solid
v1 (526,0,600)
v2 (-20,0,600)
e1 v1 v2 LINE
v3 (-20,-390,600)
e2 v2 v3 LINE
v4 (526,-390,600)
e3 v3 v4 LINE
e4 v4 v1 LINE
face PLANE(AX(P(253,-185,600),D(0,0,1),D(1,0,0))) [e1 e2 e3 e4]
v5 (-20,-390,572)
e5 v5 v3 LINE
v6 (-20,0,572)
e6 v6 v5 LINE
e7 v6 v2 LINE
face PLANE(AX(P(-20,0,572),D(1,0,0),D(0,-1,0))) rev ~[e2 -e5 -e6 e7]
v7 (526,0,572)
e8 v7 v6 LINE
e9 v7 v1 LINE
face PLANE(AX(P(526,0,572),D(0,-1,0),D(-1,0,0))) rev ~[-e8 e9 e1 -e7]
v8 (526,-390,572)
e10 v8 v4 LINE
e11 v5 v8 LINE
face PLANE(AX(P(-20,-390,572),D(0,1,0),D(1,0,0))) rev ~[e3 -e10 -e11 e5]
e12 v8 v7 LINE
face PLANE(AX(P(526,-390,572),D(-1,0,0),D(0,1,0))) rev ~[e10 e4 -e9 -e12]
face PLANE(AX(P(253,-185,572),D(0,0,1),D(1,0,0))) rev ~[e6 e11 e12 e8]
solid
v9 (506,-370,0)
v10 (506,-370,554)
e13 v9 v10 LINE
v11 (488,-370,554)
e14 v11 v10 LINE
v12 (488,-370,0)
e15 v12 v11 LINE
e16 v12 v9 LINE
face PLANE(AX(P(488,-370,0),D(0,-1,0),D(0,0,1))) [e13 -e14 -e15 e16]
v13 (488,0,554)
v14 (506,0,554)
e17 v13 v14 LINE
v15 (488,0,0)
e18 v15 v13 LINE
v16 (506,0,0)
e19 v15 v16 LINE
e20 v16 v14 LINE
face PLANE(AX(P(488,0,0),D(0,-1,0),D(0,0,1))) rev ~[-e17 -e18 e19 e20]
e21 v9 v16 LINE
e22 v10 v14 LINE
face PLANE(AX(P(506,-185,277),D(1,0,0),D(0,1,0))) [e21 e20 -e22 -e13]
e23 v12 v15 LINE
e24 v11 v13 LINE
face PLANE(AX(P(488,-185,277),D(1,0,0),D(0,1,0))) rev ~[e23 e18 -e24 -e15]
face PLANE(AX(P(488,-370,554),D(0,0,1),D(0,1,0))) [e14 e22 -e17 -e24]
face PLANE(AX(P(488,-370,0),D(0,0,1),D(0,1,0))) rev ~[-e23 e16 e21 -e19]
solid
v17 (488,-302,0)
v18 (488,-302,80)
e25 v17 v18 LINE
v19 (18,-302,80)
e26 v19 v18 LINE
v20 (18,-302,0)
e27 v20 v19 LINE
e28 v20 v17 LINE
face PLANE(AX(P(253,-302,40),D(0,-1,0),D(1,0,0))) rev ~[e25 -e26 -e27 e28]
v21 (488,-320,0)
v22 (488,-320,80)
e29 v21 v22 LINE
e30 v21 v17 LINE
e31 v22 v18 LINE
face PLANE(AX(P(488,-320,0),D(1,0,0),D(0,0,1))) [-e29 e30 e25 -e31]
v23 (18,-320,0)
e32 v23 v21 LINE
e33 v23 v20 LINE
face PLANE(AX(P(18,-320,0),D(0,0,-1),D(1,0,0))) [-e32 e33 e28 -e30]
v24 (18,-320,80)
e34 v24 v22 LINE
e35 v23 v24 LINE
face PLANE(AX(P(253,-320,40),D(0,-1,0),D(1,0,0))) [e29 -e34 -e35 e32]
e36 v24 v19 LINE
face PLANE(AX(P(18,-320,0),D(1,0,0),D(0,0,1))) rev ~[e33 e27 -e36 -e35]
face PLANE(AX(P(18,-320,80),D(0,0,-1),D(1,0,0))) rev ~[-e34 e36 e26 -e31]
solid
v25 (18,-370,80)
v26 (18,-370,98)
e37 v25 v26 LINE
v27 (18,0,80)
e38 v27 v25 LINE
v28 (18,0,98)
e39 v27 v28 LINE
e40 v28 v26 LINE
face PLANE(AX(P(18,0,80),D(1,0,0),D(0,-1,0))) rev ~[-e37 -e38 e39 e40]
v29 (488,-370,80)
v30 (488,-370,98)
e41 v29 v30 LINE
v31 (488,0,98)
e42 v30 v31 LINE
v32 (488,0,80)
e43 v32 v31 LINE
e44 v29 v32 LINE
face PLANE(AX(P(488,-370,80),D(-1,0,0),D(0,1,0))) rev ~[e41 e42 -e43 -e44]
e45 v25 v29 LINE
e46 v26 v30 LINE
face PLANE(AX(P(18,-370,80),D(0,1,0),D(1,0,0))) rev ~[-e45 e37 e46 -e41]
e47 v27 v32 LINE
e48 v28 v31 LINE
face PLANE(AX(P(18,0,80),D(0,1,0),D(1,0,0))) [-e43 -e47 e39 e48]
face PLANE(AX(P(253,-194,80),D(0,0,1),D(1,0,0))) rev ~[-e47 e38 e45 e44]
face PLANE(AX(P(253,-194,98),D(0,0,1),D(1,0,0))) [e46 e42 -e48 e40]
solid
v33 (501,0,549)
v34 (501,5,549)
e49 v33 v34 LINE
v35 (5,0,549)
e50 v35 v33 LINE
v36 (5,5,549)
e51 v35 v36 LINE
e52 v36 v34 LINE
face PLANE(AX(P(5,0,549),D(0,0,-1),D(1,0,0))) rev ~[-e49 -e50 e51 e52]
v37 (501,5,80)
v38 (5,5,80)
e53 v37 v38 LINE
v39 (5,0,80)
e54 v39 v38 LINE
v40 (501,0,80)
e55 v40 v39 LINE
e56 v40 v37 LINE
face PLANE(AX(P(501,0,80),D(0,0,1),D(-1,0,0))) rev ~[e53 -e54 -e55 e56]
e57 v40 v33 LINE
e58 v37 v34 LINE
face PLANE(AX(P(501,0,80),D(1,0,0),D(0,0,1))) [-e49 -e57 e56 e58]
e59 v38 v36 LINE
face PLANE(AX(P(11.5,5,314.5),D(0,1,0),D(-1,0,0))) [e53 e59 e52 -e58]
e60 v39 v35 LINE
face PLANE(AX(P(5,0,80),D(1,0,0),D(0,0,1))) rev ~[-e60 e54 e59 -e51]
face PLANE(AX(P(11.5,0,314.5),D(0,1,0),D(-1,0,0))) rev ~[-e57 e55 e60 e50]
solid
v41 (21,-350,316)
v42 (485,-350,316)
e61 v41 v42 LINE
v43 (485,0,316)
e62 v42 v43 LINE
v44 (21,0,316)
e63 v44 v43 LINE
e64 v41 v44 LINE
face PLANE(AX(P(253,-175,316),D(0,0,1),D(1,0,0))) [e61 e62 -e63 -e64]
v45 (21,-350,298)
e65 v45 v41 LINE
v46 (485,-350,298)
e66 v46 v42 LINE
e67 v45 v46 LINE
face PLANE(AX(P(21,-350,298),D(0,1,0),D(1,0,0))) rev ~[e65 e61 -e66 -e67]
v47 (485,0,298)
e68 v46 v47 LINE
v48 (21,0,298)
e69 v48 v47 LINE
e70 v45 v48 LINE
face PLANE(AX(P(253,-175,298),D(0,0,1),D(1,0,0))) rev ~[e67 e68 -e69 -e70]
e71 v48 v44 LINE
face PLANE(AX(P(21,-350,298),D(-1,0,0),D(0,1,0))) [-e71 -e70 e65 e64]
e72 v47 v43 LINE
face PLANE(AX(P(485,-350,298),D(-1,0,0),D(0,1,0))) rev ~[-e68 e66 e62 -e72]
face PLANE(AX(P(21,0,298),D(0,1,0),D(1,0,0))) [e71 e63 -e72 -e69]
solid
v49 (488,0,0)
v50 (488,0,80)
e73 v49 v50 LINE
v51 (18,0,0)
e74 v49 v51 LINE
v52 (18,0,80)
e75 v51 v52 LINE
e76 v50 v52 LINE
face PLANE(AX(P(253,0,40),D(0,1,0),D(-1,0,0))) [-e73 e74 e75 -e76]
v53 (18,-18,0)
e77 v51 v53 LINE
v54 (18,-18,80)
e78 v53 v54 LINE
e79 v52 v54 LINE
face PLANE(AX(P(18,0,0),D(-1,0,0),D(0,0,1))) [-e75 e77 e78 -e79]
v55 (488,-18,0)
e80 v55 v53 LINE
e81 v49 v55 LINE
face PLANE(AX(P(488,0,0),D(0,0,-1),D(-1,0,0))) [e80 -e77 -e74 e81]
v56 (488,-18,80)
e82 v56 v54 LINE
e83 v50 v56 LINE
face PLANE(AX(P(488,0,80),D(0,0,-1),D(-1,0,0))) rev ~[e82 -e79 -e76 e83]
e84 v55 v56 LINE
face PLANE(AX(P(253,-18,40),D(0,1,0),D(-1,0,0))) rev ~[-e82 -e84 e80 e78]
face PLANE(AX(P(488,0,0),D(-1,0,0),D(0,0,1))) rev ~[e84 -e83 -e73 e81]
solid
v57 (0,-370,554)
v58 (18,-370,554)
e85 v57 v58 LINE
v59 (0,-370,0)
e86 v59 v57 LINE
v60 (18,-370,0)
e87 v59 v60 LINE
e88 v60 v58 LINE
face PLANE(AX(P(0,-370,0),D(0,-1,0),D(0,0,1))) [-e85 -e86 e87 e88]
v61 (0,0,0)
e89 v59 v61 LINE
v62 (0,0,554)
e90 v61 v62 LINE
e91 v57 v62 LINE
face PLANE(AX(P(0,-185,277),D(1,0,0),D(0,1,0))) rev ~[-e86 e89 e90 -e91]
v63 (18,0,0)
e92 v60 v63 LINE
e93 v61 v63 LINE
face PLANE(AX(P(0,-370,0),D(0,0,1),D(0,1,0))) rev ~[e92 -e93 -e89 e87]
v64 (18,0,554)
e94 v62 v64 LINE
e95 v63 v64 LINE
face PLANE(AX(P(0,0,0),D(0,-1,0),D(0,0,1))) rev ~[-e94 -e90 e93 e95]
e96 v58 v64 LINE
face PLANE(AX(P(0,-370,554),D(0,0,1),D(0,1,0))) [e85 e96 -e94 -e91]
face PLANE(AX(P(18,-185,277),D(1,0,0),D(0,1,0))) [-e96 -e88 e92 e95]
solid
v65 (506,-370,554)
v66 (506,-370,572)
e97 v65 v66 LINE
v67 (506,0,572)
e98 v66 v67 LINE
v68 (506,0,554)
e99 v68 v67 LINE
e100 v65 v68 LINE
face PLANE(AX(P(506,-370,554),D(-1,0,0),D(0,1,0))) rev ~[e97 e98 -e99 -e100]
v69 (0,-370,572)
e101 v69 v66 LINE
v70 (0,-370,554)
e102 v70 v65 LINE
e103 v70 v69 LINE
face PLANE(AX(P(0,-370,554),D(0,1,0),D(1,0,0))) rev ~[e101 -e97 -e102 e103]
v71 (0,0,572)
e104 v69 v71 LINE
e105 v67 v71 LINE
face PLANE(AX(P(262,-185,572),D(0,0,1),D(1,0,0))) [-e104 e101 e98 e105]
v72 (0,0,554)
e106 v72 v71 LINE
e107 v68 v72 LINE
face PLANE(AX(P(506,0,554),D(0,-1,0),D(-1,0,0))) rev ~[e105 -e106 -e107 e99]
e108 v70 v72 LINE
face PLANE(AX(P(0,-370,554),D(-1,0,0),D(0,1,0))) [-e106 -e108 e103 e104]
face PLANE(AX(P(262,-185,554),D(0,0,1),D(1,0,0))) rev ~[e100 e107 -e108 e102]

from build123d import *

# Parameters (mm, degrees)
F2_W      = 370
F2_H      = 554
F3_DEPTH  = 18
F5_W      = 370
F5_H      = 554
F6_DEPTH  = 18
F9_W      = 470
F9_H      = 80
F10_DEPTH = 18
F11_W     = 470
F11_H     = 80
F12_DEPTH = 18
F13_W     = 470
F13_H     = 352
F13_H_2   = 18
F14_DEPTH = 18
F15_W     = 488
F15_H     = 370
F15_W_2   = 18
F16_DEPTH = 18
F17_W     = 506
F17_H     = 370
F18_DEPTH = 28
F20_W     = 464
F20_H     = 350
F21_DEPTH = 18
F23_W     = 13
F23_H     = 469
F23_W_2   = 483
F24_DEPTH = 5


with BuildPart() as f3:
    # F2 (on Right) → F3 (new body)
    with BuildSketch(Plane.YZ):
        with Locations((-185, 277)):
            Rectangle(F2_W, F2_H)
    extrude(amount=F3_DEPTH)


with BuildPart() as f6:
    # F5 (on offset) → F6 (new body)
    with BuildSketch(Plane.YZ.offset(488)):
        with Locations((-185, 277)):
            Rectangle(F5_W, F5_H)
    extrude(amount=F6_DEPTH)


with BuildPart() as f10:
    # F9 (on offset) → F10 (new body)
    with BuildSketch(Plane.XZ.offset(320)):
        with Locations((253, 40)):
            Rectangle(F9_W, F9_H)
    extrude(amount=-F10_DEPTH)


with BuildPart() as f12:
    # F11 (on face) → F12 (new body)
    with BuildSketch(Plane(origin=(0, 0, 0), x_dir=(-1, 0, 0), z_dir=(0, 1, 0))):
        with Locations((-253, 40)):
            Rectangle(F11_W, F11_H)
    extrude(amount=-F12_DEPTH)


with BuildPart() as f14:
    # F13 (on face) → F14 (new body)
    with BuildSketch(Plane.XY.offset(80)):
        with Locations((253, -194)):
            Rectangle(F13_W, F13_H)
        with Locations((253, -9)):
            Rectangle(F13_W, F13_H_2)
    extrude(amount=F14_DEPTH)


with BuildPart() as f16:
    # F15 (on face) → F16 (new body)
    with BuildSketch(Plane.XY.offset(554)):
        with Locations((262, -185)):
            Rectangle(F15_W, F15_H)
        with Locations((9, -185)):
            Rectangle(F15_W_2, F15_H)
    extrude(amount=F16_DEPTH)


with BuildPart() as f18:
    # F17 (on face) → F18 (new body)
    with BuildSketch(Plane.XY.offset(572)):
        with Locations((253, -185)):
            Rectangle(F17_W, F17_H)
        Polygon((0, 0), (-20, 0), (-20, -390), (526, -390), (526, 0), (506, 0), (506, -370), (0, -370), align=None)
    extrude(amount=F18_DEPTH)


with BuildPart() as f21:
    # F20 (on offset) → F21 (new body)
    with BuildSketch(Plane.XY.offset(298)):
        with Locations((253, -175)):
            Rectangle(F20_W, F20_H)
    extrude(amount=F21_DEPTH)


with BuildPart() as f24:
    # F23 (on face) → F24 (new body)
    with BuildSketch(Plane(origin=(0, 0, 0), x_dir=(-1, 0, 0), z_dir=(0, 1, 0))):
        with Locations((-11.5, 314.5)):
            Rectangle(F23_W, F23_H)
        with Locations((-259.5, 314.5)):
            Rectangle(F23_W_2, F23_H)
    extrude(amount=F24_DEPTH)


solid = Compound([f3.part, f6.part, f10.part, f12.part, f14.part, f16.part, f18.part, f21.part, f24.part])
